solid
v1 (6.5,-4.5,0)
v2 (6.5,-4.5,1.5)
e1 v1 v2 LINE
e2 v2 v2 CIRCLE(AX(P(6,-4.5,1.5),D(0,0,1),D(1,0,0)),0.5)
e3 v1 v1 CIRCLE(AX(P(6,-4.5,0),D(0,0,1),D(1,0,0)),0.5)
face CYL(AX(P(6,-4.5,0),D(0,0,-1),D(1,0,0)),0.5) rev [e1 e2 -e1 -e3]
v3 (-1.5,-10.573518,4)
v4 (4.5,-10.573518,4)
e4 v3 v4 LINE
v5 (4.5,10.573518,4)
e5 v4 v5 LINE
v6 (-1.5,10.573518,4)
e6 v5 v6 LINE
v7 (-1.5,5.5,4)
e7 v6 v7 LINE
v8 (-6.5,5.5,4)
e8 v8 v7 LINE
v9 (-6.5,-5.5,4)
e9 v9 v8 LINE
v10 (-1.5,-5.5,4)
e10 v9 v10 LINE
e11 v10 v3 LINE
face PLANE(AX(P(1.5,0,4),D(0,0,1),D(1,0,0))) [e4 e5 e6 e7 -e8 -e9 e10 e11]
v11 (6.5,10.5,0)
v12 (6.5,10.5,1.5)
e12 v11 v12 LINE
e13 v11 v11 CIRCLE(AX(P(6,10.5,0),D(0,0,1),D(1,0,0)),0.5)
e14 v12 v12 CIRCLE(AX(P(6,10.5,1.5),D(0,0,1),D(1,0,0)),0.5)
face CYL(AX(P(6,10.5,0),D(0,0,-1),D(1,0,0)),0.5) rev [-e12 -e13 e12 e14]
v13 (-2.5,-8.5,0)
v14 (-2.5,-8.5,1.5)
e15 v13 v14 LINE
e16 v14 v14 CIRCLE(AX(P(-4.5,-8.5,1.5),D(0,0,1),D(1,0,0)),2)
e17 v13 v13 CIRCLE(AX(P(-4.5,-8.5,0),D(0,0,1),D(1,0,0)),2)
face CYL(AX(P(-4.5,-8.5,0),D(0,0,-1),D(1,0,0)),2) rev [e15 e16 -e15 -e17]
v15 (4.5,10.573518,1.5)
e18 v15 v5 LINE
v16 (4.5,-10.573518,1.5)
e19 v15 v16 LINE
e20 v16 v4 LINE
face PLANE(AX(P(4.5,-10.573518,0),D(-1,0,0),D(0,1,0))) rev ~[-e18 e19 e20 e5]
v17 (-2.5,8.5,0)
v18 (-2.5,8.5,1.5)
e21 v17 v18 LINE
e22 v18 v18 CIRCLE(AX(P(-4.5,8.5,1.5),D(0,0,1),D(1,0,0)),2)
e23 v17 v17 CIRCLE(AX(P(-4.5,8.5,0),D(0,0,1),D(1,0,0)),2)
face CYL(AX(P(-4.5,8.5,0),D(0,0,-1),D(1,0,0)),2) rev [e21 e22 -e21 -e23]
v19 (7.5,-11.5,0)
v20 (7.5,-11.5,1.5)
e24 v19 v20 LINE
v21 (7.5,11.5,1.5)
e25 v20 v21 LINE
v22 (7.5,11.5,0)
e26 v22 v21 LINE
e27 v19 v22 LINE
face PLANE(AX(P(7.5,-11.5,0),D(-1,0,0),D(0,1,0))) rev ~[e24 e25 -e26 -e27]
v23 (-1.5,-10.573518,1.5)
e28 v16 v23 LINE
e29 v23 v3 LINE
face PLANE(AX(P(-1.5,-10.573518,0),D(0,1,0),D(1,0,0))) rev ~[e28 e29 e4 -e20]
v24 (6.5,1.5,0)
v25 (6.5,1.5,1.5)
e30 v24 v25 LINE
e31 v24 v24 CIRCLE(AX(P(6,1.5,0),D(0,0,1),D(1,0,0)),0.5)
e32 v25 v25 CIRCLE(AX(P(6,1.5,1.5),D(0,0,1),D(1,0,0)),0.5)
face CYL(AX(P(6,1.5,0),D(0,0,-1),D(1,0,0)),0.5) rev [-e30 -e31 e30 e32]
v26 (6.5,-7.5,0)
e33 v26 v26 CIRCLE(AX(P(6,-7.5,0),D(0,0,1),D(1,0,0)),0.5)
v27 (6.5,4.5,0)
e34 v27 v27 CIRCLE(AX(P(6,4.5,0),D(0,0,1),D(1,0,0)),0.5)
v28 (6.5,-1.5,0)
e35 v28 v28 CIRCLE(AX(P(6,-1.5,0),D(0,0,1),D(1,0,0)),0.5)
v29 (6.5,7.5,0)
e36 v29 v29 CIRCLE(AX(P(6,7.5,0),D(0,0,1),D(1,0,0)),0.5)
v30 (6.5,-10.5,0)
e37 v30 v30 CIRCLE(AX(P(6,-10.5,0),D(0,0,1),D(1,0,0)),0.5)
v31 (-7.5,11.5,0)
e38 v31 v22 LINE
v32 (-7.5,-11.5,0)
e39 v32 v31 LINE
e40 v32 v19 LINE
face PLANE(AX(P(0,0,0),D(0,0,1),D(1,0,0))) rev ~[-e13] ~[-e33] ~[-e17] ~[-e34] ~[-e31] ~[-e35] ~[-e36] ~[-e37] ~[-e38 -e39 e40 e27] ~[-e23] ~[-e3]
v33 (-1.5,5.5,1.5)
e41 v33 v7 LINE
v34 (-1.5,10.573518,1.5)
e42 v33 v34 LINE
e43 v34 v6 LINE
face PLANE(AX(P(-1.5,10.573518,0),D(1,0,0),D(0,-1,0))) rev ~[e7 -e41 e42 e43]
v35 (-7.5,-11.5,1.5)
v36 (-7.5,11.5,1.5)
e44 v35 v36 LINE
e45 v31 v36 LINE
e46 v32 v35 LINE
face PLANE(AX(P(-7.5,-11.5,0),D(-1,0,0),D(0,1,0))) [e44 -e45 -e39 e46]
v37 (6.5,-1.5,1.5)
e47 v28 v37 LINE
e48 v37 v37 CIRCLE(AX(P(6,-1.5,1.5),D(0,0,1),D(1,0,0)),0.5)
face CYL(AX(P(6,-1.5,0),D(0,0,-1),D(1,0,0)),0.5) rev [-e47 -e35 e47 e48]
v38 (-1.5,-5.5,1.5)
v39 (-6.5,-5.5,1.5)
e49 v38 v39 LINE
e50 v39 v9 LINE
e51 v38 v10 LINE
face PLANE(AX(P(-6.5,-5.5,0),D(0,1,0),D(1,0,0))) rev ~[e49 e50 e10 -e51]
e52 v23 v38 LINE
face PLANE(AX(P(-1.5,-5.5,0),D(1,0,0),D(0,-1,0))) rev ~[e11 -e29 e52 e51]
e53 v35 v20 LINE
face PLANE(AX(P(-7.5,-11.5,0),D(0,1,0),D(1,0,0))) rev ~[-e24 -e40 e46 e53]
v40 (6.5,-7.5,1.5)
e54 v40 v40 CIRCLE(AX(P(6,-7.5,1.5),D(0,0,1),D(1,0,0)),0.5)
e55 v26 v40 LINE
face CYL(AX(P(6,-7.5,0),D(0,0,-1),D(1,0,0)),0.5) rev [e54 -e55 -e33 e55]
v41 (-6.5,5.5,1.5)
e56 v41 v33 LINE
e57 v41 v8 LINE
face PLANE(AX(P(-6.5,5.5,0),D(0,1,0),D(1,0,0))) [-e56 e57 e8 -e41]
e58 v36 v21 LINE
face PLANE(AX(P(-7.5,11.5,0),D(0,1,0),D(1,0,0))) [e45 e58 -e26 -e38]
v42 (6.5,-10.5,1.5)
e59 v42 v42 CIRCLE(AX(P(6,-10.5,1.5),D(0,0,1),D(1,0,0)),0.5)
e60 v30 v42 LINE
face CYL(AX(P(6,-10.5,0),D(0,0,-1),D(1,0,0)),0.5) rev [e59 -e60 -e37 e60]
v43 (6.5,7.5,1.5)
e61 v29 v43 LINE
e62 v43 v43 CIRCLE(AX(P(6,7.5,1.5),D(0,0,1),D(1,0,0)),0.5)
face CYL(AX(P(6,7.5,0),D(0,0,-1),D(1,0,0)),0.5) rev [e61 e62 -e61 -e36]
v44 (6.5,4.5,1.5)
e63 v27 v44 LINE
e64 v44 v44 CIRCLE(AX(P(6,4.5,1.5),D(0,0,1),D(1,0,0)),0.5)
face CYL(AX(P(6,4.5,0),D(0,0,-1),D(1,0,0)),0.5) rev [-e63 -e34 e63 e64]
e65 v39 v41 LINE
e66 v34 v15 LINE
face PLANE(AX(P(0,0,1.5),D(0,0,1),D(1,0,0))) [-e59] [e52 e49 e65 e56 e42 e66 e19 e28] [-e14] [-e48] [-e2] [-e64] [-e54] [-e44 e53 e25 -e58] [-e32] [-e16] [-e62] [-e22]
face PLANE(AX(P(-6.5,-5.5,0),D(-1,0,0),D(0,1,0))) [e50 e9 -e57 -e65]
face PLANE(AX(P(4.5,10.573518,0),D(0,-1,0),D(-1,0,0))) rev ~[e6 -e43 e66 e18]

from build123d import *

# Parameters (mm, degrees)
F0_W     = 5
F0_H     = 11
F1_DEPTH = 4
F0_W_2   = 15
F0_H_2   = 23
F0_R     = 2
F0_R_2   = 0.5
F2_DEPTH = 1.5


with BuildPart() as f1:
    # F0 (on Top) → F1 (new body)
    with BuildSketch(Plane.XY):
        Polygon((-1.5, -10.573518), (4.5, -10.573518), (4.5, 10.573518), (-1.5, 10.573518), (-1.5, 5.5), (-1.5, -5.5), align=None)
        with Locations((-4, 0)):
            Rectangle(F0_W, F0_H)
    extrude(amount=F1_DEPTH)

    # F0 (on Top) → F2 (join)
    with BuildSketch(Plane.XY):
        Rectangle(F0_W_2, F0_H_2)
        with Locations((-4.5, -8.5)):
            Circle(F0_R, mode=Mode.SUBTRACT)
        with Locations((6, -10.5)):
            Circle(F0_R_2, mode=Mode.SUBTRACT)
        with Locations((6, -7.5)):
            Circle(F0_R_2, mode=Mode.SUBTRACT)
        with Locations((6, -4.5)):
            Circle(F0_R_2, mode=Mode.SUBTRACT)
        with Locations((6, -1.5)):
            Circle(F0_R_2, mode=Mode.SUBTRACT)
        Polygon((4.5, 10.573518), (4.5, -10.573518), (-1.5, -10.573518), (-1.5, -5.5), (-6.5, -5.5), (-6.5, 5.5), (-1.5, 5.5), (-1.5, 10.573518), align=None, mode=Mode.SUBTRACT)
        with Locations((-4.5, 8.5)):
            Circle(F0_R, mode=Mode.SUBTRACT)
        with Locations((6, 1.5)):
            Circle(F0_R_2, mode=Mode.SUBTRACT)
        with Locations((6, 4.5)):
            Circle(F0_R_2, mode=Mode.SUBTRACT)
        with Locations((6, 7.5)):
            Circle(F0_R_2, mode=Mode.SUBTRACT)
        with Locations((6, 10.5)):
            Circle(F0_R_2, mode=Mode.SUBTRACT)
    extrude(amount=F2_DEPTH)


solid = f1.part
